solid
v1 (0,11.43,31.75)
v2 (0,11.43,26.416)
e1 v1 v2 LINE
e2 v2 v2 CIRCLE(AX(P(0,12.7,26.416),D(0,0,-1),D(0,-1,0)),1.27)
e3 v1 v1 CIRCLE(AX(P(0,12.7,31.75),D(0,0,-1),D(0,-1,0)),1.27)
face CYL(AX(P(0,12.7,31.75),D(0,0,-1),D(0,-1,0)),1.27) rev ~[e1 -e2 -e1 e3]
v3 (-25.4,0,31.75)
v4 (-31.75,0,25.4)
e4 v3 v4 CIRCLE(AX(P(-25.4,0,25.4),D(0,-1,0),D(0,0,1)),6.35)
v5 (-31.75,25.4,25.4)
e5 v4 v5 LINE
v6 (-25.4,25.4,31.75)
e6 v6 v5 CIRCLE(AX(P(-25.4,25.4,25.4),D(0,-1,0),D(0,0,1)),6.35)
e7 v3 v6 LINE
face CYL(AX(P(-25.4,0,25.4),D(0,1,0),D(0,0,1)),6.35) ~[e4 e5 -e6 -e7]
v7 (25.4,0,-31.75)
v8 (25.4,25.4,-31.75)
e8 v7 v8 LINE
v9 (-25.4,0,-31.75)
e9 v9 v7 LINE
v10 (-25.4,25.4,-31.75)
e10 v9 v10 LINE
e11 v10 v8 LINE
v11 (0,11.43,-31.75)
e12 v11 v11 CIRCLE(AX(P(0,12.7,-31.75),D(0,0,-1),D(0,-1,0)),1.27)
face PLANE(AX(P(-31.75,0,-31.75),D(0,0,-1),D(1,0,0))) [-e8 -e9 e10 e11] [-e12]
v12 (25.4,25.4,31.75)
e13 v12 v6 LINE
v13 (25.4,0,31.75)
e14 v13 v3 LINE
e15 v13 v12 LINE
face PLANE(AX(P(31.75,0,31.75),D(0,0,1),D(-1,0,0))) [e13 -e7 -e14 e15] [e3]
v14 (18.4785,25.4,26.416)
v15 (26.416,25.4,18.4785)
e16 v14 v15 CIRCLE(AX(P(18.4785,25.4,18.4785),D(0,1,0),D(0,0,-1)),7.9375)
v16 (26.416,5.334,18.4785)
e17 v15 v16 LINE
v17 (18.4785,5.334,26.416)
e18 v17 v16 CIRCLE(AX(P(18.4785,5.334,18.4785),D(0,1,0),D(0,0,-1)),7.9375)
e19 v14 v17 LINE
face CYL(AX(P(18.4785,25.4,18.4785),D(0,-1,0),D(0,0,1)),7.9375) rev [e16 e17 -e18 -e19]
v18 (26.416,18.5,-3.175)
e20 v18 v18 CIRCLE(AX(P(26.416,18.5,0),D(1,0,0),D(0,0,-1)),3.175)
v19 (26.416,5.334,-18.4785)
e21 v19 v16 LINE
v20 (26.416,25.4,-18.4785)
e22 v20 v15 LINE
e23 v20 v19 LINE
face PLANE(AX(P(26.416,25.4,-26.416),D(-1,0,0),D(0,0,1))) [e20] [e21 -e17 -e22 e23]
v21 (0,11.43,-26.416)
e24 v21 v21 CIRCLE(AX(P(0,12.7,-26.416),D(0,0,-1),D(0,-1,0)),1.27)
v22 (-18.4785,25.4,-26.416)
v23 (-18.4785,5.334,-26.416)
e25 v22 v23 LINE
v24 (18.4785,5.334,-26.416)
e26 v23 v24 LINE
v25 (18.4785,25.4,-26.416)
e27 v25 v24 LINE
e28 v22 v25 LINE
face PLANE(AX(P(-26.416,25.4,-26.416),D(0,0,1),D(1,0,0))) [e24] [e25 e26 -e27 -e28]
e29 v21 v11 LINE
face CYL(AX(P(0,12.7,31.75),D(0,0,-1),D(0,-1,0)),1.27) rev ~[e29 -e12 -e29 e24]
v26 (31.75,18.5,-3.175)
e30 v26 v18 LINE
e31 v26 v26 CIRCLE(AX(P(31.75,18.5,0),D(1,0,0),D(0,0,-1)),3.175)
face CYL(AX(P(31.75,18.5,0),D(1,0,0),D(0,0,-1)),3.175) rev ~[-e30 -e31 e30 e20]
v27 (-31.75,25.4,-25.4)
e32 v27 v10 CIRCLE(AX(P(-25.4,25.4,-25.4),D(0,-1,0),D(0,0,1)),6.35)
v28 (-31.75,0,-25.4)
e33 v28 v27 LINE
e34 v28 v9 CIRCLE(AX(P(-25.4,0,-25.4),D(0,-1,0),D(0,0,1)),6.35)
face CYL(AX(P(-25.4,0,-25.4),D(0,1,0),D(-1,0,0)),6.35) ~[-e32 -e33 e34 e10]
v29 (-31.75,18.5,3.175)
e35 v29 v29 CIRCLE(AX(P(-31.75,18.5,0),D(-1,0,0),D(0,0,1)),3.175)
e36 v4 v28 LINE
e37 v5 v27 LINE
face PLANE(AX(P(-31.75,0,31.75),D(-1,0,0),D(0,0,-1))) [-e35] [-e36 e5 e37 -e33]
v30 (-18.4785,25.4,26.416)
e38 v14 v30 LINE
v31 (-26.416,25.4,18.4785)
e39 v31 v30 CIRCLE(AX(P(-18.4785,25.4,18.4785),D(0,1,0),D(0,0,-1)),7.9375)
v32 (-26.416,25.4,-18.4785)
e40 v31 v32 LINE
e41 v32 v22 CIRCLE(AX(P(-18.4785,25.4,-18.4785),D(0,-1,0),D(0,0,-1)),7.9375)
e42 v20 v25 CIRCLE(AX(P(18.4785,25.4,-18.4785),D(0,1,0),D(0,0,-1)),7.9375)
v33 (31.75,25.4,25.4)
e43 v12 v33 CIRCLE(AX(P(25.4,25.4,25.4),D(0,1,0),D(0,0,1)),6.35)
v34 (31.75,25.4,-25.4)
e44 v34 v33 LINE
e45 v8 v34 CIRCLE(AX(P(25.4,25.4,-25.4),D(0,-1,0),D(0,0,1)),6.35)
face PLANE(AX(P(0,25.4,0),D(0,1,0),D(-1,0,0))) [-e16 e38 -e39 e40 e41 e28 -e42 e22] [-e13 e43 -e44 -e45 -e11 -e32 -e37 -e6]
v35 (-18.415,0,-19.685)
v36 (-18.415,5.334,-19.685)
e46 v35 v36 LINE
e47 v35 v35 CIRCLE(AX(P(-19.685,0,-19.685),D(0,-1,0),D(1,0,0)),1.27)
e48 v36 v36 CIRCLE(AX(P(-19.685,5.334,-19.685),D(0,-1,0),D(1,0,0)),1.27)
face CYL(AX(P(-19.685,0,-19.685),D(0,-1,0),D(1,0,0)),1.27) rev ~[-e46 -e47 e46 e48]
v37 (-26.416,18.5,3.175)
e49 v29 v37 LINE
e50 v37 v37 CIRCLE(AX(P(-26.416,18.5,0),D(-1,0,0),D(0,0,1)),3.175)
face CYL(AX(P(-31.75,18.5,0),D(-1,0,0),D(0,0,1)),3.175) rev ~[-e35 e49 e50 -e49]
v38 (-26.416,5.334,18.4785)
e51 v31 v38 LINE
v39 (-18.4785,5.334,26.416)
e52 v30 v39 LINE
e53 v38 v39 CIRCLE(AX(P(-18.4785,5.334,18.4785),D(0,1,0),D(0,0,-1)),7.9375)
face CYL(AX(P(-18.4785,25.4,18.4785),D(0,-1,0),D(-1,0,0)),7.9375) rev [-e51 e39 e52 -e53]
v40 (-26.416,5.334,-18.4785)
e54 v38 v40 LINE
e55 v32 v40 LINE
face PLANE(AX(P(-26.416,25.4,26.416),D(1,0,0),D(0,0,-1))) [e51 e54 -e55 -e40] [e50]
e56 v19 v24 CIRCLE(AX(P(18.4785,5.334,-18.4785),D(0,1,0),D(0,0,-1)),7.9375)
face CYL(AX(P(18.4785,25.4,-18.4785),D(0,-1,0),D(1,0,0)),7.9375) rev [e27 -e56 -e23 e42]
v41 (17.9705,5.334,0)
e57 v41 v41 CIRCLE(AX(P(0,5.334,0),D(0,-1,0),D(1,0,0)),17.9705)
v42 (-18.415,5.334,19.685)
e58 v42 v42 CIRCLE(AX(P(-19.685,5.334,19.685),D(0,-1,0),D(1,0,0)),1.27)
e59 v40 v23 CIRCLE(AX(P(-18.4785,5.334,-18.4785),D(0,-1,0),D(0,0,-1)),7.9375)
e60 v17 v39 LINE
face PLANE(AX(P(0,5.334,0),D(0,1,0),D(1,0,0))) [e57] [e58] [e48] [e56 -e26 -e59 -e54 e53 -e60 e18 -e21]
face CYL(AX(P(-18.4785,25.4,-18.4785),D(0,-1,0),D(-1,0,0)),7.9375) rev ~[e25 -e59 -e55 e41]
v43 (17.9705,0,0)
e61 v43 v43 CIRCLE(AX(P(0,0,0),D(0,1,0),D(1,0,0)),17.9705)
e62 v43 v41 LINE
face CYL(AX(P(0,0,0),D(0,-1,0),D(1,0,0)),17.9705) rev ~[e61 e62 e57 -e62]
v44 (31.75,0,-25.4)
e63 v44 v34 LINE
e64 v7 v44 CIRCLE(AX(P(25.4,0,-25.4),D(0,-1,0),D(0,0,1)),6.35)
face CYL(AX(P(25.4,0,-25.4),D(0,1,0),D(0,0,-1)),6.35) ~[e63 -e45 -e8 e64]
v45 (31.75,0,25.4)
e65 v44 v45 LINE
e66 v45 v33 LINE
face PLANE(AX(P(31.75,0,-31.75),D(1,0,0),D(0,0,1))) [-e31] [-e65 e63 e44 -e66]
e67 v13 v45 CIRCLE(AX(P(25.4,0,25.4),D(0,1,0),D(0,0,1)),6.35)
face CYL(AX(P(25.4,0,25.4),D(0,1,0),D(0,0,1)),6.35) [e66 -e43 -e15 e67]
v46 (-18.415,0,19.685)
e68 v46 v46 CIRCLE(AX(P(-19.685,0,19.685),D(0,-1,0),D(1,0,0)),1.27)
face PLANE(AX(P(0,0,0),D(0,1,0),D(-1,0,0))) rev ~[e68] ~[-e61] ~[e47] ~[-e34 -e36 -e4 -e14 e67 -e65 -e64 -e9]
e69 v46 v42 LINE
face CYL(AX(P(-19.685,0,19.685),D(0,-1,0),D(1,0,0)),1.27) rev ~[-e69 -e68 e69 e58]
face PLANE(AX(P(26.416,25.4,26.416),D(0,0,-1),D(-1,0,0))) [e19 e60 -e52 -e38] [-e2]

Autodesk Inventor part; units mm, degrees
ref_plane "YZ Plane" through (0, 0, 0) normal (1, 0, 0) x (0, 1, 0)
ref_plane "XZ Plane" through (0, 0, 0) normal (0, 1, 0) x (-1, 0, 0)
sketch "Sketch2" plane through (0, 0, 0) normal (0, 1, 0) x (-1, 0, 0)
  line L0 (-31.75, 31.75) -> (31.75, 31.75)
  line L1 (31.75, 31.75) -> (31.75, -31.75)
  line L2 (31.75, -31.75) -> (-31.75, -31.75)
  line L3 (-31.75, -31.75) -> (-31.75, 31.75)
  line L4 (-31.75, 31.75) -> (31.75, -31.75) construction
  line L5 (31.75, 31.75) -> (-31.75, -31.75) construction
  point P0 (0, 0)
  dimension "d3" = 63.5
  dimension "d4" = 63.5
extrude "Extrusion2" add sketch "Sketch2" along normal blind 25.4
fillet "Fillet1" radius 6.35 4 edges at (31.75, 12.7, 31.75) (31.75, 12.7, -31.75) (-31.75, 12.7, -31.75) (-31.75, 12.7, 31.75)
sketch "Sketch3" plane through (0, 25.4, 0) normal (0, 1, 0) x (1, 0, 0)
  arc A0 (-31.75, -25.4) -> (-25.4, -31.75) centre (-25.4, -25.4) ccw projected
  line L0 (-25.4, -31.75) -> (25.4, -31.75) projected
  arc A1 (25.4, -31.75) -> (31.75, -25.4) centre (25.4, -25.4) ccw projected
  line L1 (31.75, -25.4) -> (31.75, 25.4) projected
  arc A2 (31.75, 25.4) -> (25.4, 31.75) centre (25.4, 25.4) ccw projected
  line L2 (25.4, 31.75) -> (-25.4, 31.75) projected
  arc A3 (-25.4, 31.75) -> (-31.75, 25.4) centre (-25.4, 25.4) ccw projected
  line L3 (-31.75, 25.4) -> (-31.75, -25.4) projected
  line L4 (-26.416, 26.416) -> (26.416, 26.416)
  line L5 (26.416, 26.416) -> (26.416, -26.416)
  line L6 (26.416, -26.416) -> (-26.416, -26.416)
  line L7 (-26.416, -26.416) -> (-26.416, 26.416)
  point P0 (0, 0)
  dimension "d8" = 5.334
extrude "Extrusion3" cut sketch "Sketch3" against normal blind 20.066 contours L4 L5 L6 L7
ref_plane "Work Plane1" through (0, 25.4, -26.416) normal (-1, 0, 0) x (0, 0, 1)
fillet "Fillet2" radius 7.9375 4 edges at (-26.416, 15.367, 26.416) (-26.416, 15.367, -26.416) (26.416, 15.367, -26.416) (26.416, 15.367, 26.416)
sketch "Sketch6" plane through (-25.4, 0, 31.75) normal (0, 0, 1) x (1, 0, 0)
  line L0 (0, 0) -> (0, 25.4) projected
  line L1 (50.8, 0) -> (0, 0) projected
  line L2 (50.8, 25.4) -> (50.8, 0) projected
  line L3 (0, 25.4) -> (50.8, 25.4) projected
  circle A0 centre (25.4, 12.7) radius 1.27
  point P0 (25.4, 0)
  dimension "d31" = 2.54
  dimension "d32" = 12.7
  dimension "d33" = 25.4
hole "Hole3" at (0, 12.7, 31.75) direction (0, 0, -1) diameter 2.54 depth 76.2 tip angle 118
sketch "Sketch8" plane through (0, 0, 0) normal (0, -1, 0) x (1, 0, 0)
  point P0 (0, 0)
sketch "Sketch9" plane through (0, 0, 0) normal (0, -1, 0) x (1, 0, 0)
  line L0 (25.4, 28.575) -> (-15.875, 28.575)
  arc A0 (-15.875, 28.575) -> (-28.575, 15.875) centre (-15.875, 15.875) ccw
  line L1 (-28.575, 15.875) -> (-28.575, -15.875)
  arc A1 (-28.575, -15.875) -> (-15.875, -28.575) centre (-15.875, -15.875) ccw
  line L2 (-15.875, -28.575) -> (25.4, -28.575)
  arc A2 (25.4, -28.575) -> (28.575, -25.4) centre (25.4, -25.4) ccw
  line L3 (28.575, -25.4) -> (28.575, -1.27)
  line L4 (28.575, -1.27) -> (17.9256, -1.27)
  circle A3 centre (0, 0) radius 17.9705
  line L5 (17.9256, 1.27) -> (28.575, 1.27)
  line L6 (28.575, 1.27) -> (28.575, 25.4)
  arc A4 (28.575, 25.4) -> (25.4, 28.575) centre (25.4, 25.4) ccw
  circle A5 centre (-19.685, -19.685) radius 1.27
  circle A6 centre (-19.685, 19.685) radius 1.27
  dimension "d53" = 2.54
  dimension "d54" = 3.81
  dimension "d55" = 3.81
  dimension "d56" = 2.54
  dimension "d57" = 3.81
  dimension "d58" = 3.81
extrude "Extrusion6" cut sketch "Sketch9" against normal blind 25.4 contours A3 | A5 | A6
sketch "Sketch10" plane through (31.75, 0, 25.4) normal (1, 0, 0) x (0, 0, -1)
  circle A0 centre (25.4, 18.5) radius 3.175
  point P0 (25.4, 0)
  dimension "d61" = 6.35
extrude "Extrusion7" cut sketch "Sketch10" against normal blind 6.35
sketch "Sketch11" plane through (-31.75, 0, -25.4) normal (-1, 0, 0) x (0, 0, 1)
  circle A0 centre (25.4, 18.5) radius 3.175 projected
  circle A1 centre (25.4, 18.5) radius 3.175 projected
  point P0 (25.4, 0)
extrude "Extrusion8" cut sketch "Sketch11" against normal blind 25.4
properties part number "basemotor"
